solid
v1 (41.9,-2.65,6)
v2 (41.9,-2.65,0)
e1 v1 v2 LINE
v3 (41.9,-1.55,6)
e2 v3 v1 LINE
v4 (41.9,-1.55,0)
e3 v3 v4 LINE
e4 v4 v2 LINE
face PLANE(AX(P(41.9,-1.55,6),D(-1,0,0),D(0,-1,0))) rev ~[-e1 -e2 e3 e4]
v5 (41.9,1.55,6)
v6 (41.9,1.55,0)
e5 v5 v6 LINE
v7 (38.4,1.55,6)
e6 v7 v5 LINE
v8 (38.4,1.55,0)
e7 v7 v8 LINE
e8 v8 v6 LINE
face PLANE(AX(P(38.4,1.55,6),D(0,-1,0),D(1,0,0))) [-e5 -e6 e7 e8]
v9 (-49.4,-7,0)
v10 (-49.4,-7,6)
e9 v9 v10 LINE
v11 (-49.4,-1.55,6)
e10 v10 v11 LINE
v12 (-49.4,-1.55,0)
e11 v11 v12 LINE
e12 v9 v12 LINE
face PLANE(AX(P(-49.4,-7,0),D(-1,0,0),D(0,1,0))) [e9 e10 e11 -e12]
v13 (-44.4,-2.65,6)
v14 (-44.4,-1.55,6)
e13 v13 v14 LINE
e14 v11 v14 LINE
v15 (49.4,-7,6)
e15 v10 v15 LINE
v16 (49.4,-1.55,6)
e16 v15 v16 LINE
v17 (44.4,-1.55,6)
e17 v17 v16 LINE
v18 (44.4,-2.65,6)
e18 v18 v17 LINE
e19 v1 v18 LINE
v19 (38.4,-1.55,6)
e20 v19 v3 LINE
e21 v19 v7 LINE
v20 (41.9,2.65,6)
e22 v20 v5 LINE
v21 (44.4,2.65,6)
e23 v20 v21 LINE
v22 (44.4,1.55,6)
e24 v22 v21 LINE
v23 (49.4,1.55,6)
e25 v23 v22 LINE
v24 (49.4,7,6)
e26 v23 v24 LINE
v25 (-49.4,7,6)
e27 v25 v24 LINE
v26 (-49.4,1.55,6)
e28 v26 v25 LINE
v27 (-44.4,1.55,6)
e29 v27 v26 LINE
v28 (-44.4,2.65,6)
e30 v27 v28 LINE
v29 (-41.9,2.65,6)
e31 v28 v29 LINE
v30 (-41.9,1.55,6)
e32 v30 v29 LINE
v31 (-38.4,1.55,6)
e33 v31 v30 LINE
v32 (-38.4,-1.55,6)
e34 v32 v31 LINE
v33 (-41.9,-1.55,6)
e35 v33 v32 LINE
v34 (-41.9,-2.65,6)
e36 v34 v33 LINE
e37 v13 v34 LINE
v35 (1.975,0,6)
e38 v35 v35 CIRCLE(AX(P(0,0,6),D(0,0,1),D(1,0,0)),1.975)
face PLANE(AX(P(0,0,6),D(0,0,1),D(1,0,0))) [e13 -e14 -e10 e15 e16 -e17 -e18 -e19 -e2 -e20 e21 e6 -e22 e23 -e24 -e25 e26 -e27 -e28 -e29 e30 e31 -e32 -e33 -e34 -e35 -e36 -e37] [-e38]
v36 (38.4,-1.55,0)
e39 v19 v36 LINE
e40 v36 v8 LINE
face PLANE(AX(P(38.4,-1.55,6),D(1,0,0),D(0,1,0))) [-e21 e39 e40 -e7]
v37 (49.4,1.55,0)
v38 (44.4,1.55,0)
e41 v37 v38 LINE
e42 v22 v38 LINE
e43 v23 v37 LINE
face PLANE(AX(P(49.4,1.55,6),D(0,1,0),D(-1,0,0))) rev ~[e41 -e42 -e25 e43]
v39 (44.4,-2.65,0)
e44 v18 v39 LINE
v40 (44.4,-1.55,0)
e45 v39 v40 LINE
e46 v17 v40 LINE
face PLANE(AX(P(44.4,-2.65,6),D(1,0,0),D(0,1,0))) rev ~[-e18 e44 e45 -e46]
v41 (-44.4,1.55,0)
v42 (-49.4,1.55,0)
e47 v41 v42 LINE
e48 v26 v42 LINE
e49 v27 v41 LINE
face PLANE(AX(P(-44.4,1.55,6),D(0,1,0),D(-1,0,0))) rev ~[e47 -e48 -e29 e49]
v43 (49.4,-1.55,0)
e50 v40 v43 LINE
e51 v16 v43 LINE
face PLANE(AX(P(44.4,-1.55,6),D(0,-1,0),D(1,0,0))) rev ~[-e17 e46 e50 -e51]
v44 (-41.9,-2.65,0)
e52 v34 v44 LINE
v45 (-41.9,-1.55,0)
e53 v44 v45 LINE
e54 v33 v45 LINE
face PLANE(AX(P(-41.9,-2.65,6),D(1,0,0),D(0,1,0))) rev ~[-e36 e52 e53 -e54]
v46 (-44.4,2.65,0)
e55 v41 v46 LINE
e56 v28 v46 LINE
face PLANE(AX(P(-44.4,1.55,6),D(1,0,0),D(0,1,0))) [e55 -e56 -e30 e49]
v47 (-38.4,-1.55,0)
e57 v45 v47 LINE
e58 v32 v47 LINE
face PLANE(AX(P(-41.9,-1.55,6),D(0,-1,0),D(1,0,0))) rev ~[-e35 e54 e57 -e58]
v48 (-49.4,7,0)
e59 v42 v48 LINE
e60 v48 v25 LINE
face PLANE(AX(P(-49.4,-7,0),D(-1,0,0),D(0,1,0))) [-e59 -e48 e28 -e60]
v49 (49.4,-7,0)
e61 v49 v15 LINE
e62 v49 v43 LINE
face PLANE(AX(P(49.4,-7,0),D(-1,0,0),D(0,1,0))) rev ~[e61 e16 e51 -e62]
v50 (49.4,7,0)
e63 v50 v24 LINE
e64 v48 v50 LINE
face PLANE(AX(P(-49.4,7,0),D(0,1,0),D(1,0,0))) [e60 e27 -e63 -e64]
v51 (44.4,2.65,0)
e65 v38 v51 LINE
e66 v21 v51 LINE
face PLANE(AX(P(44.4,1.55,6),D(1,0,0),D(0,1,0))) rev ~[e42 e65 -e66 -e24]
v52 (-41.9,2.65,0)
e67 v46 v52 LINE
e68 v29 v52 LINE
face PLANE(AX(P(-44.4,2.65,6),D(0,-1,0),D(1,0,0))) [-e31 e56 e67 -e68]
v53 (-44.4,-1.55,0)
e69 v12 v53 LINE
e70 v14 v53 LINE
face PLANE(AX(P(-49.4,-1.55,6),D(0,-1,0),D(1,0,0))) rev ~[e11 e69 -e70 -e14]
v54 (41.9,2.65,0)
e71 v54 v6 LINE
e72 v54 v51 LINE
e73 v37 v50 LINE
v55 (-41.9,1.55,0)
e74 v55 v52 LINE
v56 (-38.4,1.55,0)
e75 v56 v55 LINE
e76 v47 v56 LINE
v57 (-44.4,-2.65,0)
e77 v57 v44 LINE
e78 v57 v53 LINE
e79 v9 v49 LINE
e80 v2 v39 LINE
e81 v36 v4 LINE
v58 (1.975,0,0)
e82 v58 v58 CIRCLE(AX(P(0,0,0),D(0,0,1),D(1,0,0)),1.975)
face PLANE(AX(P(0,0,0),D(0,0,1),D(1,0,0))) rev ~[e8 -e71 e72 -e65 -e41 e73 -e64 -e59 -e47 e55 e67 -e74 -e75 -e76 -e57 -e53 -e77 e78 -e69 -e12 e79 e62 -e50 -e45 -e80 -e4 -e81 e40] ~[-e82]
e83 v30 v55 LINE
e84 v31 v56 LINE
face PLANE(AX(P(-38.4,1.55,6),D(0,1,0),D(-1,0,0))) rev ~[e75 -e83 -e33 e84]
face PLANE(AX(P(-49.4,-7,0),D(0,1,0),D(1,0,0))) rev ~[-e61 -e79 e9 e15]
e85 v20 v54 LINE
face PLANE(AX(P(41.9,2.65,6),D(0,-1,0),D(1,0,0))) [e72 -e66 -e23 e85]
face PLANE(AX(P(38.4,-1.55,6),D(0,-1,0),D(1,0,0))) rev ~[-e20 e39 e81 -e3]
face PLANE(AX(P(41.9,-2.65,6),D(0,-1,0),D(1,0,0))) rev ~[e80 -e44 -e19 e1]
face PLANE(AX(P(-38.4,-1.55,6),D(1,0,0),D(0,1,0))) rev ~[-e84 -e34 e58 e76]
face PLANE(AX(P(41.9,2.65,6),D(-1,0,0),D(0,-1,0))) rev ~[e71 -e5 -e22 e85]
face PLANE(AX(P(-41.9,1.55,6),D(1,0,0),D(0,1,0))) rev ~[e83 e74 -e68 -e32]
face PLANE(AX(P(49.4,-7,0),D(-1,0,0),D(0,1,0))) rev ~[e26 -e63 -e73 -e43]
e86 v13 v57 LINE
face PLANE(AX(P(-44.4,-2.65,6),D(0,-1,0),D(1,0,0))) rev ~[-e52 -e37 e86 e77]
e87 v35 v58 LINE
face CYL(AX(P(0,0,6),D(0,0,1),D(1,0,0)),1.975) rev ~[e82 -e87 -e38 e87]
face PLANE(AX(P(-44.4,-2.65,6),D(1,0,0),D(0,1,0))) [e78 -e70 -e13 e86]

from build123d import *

# Parameters (mm, degrees)
F0_W     = 98.8
F0_H     = 14
F1_DEPTH = 6
F2_W     = 5
F2_H     = 3.1
F2_W_2   = 2.5
F2_H_2   = 1.1
F2_W_3   = 3.5
F3_DEPTH = 6
F4_R     = 1.975
F5_DEPTH = 6


with BuildPart() as f1:
    # F0 (on Top) → F1 (new body)
    with BuildSketch(Plane.XY):
        Rectangle(F0_W, F0_H)
    extrude(amount=F1_DEPTH)

    # F2 (on face) → F3 (cut, through all)
    with BuildSketch(Plane.XY.offset(6)):
        with Locations((-46.9, 0)):
            Rectangle(F2_W, F2_H)
        with Locations((-43.15, 0)):
            Rectangle(F2_W_2, F2_H)
        with Locations((-43.15, -2.1)):
            Rectangle(F2_W_2, F2_H_2)
        with Locations((-40.15, 0)):
            Rectangle(F2_W_3, F2_H)
        with Locations((-43.15, 2.1)):
            Rectangle(F2_W_2, F2_H_2)
        with Locations((46.9, 0)):
            Rectangle(F2_W, F2_H)
        with Locations((43.15, 0)):
            Rectangle(F2_W_2, F2_H)
        with Locations((43.15, -2.1)):
            Rectangle(F2_W_2, F2_H_2)
        with Locations((43.15, 2.1)):
            Rectangle(F2_W_2, F2_H_2)
        with Locations((40.15, 0)):
            Rectangle(F2_W_3, F2_H)
    extrude(amount=-F3_DEPTH, mode=Mode.SUBTRACT)

    # F4 (on face) → F5 (cut, through all)
    with BuildSketch(Plane.XY.offset(6)):
        Circle(F4_R)
    extrude(amount=-F5_DEPTH, mode=Mode.SUBTRACT)


solid = f1.part
